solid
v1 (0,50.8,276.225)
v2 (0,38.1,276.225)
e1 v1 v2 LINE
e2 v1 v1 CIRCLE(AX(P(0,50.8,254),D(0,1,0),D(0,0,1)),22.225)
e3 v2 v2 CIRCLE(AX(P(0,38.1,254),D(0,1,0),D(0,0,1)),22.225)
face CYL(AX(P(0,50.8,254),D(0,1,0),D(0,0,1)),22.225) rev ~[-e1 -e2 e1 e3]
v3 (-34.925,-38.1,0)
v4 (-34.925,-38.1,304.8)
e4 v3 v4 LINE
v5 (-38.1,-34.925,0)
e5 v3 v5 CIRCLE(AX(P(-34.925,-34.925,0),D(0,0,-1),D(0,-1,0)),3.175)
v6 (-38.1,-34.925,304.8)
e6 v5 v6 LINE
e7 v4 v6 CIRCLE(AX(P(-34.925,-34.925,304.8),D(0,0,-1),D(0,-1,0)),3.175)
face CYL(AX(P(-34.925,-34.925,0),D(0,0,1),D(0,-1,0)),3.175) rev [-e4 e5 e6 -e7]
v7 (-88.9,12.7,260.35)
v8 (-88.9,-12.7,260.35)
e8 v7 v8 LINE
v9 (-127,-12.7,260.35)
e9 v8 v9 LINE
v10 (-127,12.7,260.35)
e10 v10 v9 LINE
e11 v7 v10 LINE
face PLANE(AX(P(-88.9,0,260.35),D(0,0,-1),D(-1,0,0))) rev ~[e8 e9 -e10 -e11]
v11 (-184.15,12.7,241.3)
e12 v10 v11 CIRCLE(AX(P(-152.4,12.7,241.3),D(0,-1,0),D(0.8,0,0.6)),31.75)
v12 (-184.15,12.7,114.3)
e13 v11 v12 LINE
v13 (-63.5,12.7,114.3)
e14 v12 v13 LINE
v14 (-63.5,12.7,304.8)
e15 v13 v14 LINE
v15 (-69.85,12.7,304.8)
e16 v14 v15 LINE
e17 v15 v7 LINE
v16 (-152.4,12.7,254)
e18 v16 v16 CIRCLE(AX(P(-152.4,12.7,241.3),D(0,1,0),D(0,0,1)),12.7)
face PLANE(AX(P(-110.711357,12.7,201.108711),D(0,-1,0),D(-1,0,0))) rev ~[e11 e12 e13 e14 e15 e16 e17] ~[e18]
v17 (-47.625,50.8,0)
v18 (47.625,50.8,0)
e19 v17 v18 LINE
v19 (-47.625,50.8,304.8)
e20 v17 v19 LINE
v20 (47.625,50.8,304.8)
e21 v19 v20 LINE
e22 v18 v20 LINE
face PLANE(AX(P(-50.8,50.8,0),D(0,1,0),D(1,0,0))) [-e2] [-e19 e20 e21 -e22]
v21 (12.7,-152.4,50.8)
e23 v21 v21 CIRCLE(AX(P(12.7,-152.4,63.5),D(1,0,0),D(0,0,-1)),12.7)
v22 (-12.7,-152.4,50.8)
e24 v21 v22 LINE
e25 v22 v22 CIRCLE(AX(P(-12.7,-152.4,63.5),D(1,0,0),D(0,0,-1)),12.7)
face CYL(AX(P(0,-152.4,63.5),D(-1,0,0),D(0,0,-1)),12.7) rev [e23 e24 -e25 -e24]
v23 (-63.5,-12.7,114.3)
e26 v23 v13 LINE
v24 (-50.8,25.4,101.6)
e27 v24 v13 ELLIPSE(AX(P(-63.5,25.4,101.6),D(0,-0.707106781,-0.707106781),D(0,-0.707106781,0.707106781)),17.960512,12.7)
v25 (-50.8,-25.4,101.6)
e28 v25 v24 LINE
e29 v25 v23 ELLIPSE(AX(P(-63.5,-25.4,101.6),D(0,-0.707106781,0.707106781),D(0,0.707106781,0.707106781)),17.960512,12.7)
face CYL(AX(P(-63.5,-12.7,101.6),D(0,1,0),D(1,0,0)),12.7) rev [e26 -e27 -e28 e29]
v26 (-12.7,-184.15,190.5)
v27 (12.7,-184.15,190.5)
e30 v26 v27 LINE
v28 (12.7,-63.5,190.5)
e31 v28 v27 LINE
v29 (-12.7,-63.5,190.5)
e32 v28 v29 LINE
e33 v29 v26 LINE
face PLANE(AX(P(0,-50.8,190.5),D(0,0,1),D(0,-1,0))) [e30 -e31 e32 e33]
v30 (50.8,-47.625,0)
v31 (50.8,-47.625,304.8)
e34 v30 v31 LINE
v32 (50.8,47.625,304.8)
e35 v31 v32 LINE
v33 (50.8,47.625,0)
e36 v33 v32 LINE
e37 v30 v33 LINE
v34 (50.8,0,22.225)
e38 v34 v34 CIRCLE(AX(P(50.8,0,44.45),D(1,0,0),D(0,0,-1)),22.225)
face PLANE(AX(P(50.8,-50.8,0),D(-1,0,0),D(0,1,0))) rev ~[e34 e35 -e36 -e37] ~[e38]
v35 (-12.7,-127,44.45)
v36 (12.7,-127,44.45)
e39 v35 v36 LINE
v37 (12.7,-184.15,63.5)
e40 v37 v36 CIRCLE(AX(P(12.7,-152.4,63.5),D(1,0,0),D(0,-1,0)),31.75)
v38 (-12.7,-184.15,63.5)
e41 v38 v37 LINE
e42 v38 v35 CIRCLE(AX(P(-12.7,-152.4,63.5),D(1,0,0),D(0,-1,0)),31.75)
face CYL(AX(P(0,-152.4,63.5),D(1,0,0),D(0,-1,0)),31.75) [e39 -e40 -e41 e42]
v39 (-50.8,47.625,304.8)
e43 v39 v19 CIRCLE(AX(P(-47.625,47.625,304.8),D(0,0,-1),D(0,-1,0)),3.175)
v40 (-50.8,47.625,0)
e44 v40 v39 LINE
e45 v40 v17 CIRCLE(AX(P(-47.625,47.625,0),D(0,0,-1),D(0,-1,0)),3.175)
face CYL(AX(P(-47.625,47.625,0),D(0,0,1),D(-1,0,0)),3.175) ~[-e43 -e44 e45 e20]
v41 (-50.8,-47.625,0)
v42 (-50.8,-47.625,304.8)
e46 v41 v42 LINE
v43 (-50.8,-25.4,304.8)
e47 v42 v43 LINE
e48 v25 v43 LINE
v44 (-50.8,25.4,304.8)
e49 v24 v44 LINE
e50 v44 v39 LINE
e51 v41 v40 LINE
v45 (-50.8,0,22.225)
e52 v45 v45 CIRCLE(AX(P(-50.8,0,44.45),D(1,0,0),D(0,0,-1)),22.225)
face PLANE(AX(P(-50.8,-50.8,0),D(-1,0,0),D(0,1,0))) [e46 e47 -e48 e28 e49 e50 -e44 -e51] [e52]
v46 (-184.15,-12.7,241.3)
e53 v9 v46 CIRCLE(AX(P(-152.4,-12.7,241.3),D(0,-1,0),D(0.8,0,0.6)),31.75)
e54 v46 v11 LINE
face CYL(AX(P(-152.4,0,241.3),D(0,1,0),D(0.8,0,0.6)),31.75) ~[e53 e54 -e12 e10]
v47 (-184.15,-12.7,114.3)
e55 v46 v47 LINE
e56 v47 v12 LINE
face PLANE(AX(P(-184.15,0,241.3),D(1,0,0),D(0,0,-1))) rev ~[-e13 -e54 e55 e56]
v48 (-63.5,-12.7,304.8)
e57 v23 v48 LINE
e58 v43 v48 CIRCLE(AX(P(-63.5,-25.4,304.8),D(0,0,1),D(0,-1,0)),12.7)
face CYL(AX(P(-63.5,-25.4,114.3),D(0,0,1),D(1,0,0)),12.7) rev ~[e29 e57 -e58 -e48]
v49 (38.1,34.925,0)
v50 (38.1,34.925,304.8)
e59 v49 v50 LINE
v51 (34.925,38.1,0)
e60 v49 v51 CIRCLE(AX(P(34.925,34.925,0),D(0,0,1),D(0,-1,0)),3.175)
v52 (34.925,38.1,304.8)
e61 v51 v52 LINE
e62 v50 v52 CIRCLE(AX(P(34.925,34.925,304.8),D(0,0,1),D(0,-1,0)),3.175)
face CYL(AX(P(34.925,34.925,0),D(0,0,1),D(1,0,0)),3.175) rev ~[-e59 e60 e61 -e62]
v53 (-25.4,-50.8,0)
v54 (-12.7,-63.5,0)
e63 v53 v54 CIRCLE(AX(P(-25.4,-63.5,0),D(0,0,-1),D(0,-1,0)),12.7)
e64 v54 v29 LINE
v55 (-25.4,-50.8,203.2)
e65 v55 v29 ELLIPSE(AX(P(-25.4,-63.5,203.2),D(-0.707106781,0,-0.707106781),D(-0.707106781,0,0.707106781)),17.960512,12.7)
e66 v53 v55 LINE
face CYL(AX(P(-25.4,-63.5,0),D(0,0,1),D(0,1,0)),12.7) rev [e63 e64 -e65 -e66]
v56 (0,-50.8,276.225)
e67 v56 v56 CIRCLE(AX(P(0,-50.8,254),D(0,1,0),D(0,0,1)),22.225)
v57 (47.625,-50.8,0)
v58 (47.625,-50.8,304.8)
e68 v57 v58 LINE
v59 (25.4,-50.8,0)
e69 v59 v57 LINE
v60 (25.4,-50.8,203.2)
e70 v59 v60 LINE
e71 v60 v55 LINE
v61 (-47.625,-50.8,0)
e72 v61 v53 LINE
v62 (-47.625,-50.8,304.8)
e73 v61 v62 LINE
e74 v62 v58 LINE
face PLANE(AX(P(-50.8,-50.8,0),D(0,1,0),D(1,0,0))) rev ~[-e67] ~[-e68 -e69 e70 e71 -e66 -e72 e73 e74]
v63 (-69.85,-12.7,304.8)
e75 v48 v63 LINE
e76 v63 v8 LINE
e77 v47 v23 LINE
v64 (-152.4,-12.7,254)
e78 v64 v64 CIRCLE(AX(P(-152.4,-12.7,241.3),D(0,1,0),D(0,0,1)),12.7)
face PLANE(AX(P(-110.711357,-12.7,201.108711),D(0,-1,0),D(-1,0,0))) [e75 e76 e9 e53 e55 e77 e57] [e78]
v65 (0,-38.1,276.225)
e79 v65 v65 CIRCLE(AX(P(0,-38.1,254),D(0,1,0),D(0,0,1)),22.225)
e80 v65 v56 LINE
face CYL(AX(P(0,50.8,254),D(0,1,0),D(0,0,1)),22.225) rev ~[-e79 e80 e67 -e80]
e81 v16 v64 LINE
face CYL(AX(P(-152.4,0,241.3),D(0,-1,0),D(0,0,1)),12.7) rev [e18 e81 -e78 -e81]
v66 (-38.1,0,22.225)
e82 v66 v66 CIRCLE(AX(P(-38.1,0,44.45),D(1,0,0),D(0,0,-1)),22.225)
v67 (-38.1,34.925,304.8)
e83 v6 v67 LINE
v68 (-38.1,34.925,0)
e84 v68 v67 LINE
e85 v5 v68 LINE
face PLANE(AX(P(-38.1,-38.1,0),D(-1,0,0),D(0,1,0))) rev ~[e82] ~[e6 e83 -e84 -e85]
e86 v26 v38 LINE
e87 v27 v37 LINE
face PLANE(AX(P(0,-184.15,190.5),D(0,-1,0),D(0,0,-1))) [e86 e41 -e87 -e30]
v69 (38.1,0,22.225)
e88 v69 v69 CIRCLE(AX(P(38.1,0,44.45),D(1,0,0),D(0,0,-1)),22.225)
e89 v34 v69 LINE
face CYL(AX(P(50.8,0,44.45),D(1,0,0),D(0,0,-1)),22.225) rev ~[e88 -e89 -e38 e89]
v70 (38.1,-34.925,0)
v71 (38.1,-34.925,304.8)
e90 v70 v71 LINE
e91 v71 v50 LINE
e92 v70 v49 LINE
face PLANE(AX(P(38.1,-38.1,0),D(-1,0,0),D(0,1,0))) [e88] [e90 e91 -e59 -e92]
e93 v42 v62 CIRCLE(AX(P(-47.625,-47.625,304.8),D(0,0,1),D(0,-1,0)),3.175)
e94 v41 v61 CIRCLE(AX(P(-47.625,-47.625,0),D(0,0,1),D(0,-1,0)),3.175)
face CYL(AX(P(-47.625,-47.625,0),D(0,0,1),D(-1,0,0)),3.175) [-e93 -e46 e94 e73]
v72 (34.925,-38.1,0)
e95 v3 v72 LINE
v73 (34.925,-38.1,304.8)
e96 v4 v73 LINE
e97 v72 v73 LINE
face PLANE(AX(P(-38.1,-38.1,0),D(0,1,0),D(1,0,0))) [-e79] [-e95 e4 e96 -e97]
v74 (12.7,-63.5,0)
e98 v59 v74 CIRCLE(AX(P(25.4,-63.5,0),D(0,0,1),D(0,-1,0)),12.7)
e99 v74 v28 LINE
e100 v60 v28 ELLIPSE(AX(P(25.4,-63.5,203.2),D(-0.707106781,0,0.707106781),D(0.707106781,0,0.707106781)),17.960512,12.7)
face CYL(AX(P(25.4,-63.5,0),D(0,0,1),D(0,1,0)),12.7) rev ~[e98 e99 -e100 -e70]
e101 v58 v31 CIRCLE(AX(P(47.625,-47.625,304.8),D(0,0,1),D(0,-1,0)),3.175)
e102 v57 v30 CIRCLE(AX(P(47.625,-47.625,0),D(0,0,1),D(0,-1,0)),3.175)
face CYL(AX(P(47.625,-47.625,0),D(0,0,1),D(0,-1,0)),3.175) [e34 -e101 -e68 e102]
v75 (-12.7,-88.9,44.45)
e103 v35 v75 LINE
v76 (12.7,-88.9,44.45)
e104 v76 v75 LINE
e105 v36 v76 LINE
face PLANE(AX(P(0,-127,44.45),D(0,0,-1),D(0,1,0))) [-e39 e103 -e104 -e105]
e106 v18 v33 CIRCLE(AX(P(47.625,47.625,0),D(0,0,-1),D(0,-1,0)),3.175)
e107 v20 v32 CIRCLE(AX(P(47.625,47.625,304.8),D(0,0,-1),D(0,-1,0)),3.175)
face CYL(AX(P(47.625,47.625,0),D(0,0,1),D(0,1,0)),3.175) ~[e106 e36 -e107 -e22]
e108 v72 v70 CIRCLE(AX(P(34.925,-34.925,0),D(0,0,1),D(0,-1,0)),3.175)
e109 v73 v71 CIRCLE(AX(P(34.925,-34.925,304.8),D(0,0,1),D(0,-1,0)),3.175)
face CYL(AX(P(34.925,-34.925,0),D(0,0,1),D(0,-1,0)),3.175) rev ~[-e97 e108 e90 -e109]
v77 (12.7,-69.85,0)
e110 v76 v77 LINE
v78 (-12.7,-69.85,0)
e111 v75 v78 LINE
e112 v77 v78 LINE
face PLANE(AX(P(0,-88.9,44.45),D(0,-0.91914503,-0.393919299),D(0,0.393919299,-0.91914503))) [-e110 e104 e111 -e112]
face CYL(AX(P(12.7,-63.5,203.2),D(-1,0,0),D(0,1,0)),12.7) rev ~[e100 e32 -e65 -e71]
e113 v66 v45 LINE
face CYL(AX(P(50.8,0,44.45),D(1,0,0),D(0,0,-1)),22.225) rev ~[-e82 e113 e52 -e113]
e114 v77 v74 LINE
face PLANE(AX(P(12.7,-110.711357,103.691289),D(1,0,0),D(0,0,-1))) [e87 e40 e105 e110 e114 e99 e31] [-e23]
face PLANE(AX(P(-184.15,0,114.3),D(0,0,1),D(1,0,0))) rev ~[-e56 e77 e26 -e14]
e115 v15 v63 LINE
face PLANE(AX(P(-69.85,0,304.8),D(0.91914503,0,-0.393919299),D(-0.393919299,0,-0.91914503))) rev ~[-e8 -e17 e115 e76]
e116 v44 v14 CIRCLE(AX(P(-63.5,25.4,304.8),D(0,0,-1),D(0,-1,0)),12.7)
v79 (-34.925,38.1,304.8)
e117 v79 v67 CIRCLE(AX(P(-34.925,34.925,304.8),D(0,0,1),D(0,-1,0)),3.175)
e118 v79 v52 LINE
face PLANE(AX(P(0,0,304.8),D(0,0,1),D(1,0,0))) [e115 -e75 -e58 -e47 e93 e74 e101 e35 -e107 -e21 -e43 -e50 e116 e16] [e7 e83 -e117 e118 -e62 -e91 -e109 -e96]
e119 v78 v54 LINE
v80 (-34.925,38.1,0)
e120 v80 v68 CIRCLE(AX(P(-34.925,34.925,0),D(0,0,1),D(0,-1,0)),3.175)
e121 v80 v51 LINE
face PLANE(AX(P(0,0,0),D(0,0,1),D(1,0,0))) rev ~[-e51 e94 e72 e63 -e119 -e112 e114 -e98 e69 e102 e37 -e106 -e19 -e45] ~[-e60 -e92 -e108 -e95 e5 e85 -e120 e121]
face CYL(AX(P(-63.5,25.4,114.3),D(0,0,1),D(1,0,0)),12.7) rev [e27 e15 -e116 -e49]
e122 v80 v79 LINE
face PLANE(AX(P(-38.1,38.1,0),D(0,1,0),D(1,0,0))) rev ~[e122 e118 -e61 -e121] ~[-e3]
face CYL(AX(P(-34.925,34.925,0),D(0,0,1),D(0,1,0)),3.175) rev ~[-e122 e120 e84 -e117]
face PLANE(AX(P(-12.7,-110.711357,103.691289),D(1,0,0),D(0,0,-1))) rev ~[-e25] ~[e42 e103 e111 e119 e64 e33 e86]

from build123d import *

# Parameters (mm, degrees)
SKETCH1_W          = 101.6
SKETCH1_H          = 101.6
SKETCH1_W_2        = 76.2
SKETCH1_H_2        = 76.2
EXTRUDE1_DEPTH     = 304.8
FILLET1_R          = 3.175
SKETCH2_R          = 22.225
CUT_EXTRUDE1_DEPTH = 326.278711262
SKETCH3_R          = 12.7
EXTRUDE2_DEPTH     = 12.7
SKETCH6_R          = 12.7
EXTRUDE3_DEPTH     = 12.7
SKETCH7_R          = 22.225
CUT_EXTRUDE2_DEPTH = 427.633056619
FILLET2_R          = 12.7


with BuildPart() as part:
    # Sketch1 → Extrude1 (new body)
    with BuildSketch(Plane.XY):
        Rectangle(SKETCH1_W, SKETCH1_H)
        Rectangle(SKETCH1_W_2, SKETCH1_H_2, mode=Mode.SUBTRACT)
    extrude(amount=EXTRUDE1_DEPTH)

    # Fillet1
    fillet1_edges = [part.edges().sort_by_distance(p)[0] for p in [
        (-38.1, 38.1, 152.4),
        (-38.1, -38.1, 152.4),
        (38.1, -38.1, 152.4),
        (38.1, 38.1, 152.4),
        (-50.8, 50.8, 152.4),
        (50.8, 50.8, 152.4),
        (50.8, -50.8, 152.4),
        (-50.8, -50.8, 152.4),
    ]]
    fillet(fillet1_edges, radius=FILLET1_R)

    # Sketch2 → Cut-Extrude1 (cut, through all)
    with BuildSketch(Plane(origin=(50.8, 0, 0), x_dir=(0, 0, -1), z_dir=(1, 0, 0))):
        with Locations((-44.45, 0)):
            Circle(SKETCH2_R)
    extrude(amount=-CUT_EXTRUDE1_DEPTH, mode=Mode.SUBTRACT)

    # Sketch3 → Extrude2 (add, symmetric)
    with BuildSketch(Plane(origin=(0, 0, 0), x_dir=(1, 0, 0), z_dir=(0, 1, 0))):
        with BuildLine():
            Line((-50.8, -304.8), (-69.85, -304.8))
            Line((-69.85, -304.8), (-88.9, -260.35))
            Line((-88.9, -260.35), (-127, -260.35))
            ThreePointArc((-127, -260.35), (-162.440231571, -271.420694713), (-184.15, -241.3))
            Line((-184.15, -241.3), (-184.15, -114.3))
            Line((-184.15, -114.3), (-50.8, -114.3))
            Line((-50.8, -114.3), (-50.8, -304.8))
        make_face()
        with Locations(Location((-152.4, -241.3, 0), (0, 0, 270))):
            Circle(SKETCH3_R, mode=Mode.SUBTRACT)
    extrude(amount=EXTRUDE2_DEPTH, both=True)

    # Sketch6 → Extrude3 (add, symmetric)
    with BuildSketch(Plane(origin=(0, 0, 0), x_dir=(0, 0, -1), z_dir=(1, 0, 0))):
        with BuildLine():
            Line((-190.5, -50.8), (-190.5, -184.15))
            Line((-190.5, -184.15), (-63.5, -184.15))
            ThreePointArc((-63.5, -184.15), (-33.379305287, -162.440231571), (-44.45, -127))
            Line((-44.45, -127), (-44.45, -88.9))
            Line((-44.45, -88.9), (0, -69.85))
            Line((0, -69.85), (0, -50.8))
            Line((0, -50.8), (-190.5, -50.8))
        make_face()
        with Locations((-63.5, -152.4)):
            Circle(SKETCH6_R, mode=Mode.SUBTRACT)
    extrude(amount=EXTRUDE3_DEPTH, both=True)

    # Sketch7 → Cut-Extrude2 (cut, through all)
    with BuildSketch(Plane(origin=(0, 50.8, 0), x_dir=(-1, 0, 0), z_dir=(0, 1, 0))):
        with Locations(Location((0, 254, 0), (0, 0, 90))):
            Circle(SKETCH7_R)
    extrude(amount=-CUT_EXTRUDE2_DEPTH, mode=Mode.SUBTRACT)

    # Fillet2
    fillet2_edges = [part.edges().sort_by_distance(p)[0] for p in [
        (12.7, -50.8, 95.25),
        (-12.7, -50.8, 95.25),
        (0, -50.8, 190.5),
        (-50.8, 12.7, 209.55),
        (-50.8, -12.7, 209.55),
        (-50.8, 0, 114.3),
    ]]
    fillet(fillet2_edges, radius=FILLET2_R)


solid = part.part
